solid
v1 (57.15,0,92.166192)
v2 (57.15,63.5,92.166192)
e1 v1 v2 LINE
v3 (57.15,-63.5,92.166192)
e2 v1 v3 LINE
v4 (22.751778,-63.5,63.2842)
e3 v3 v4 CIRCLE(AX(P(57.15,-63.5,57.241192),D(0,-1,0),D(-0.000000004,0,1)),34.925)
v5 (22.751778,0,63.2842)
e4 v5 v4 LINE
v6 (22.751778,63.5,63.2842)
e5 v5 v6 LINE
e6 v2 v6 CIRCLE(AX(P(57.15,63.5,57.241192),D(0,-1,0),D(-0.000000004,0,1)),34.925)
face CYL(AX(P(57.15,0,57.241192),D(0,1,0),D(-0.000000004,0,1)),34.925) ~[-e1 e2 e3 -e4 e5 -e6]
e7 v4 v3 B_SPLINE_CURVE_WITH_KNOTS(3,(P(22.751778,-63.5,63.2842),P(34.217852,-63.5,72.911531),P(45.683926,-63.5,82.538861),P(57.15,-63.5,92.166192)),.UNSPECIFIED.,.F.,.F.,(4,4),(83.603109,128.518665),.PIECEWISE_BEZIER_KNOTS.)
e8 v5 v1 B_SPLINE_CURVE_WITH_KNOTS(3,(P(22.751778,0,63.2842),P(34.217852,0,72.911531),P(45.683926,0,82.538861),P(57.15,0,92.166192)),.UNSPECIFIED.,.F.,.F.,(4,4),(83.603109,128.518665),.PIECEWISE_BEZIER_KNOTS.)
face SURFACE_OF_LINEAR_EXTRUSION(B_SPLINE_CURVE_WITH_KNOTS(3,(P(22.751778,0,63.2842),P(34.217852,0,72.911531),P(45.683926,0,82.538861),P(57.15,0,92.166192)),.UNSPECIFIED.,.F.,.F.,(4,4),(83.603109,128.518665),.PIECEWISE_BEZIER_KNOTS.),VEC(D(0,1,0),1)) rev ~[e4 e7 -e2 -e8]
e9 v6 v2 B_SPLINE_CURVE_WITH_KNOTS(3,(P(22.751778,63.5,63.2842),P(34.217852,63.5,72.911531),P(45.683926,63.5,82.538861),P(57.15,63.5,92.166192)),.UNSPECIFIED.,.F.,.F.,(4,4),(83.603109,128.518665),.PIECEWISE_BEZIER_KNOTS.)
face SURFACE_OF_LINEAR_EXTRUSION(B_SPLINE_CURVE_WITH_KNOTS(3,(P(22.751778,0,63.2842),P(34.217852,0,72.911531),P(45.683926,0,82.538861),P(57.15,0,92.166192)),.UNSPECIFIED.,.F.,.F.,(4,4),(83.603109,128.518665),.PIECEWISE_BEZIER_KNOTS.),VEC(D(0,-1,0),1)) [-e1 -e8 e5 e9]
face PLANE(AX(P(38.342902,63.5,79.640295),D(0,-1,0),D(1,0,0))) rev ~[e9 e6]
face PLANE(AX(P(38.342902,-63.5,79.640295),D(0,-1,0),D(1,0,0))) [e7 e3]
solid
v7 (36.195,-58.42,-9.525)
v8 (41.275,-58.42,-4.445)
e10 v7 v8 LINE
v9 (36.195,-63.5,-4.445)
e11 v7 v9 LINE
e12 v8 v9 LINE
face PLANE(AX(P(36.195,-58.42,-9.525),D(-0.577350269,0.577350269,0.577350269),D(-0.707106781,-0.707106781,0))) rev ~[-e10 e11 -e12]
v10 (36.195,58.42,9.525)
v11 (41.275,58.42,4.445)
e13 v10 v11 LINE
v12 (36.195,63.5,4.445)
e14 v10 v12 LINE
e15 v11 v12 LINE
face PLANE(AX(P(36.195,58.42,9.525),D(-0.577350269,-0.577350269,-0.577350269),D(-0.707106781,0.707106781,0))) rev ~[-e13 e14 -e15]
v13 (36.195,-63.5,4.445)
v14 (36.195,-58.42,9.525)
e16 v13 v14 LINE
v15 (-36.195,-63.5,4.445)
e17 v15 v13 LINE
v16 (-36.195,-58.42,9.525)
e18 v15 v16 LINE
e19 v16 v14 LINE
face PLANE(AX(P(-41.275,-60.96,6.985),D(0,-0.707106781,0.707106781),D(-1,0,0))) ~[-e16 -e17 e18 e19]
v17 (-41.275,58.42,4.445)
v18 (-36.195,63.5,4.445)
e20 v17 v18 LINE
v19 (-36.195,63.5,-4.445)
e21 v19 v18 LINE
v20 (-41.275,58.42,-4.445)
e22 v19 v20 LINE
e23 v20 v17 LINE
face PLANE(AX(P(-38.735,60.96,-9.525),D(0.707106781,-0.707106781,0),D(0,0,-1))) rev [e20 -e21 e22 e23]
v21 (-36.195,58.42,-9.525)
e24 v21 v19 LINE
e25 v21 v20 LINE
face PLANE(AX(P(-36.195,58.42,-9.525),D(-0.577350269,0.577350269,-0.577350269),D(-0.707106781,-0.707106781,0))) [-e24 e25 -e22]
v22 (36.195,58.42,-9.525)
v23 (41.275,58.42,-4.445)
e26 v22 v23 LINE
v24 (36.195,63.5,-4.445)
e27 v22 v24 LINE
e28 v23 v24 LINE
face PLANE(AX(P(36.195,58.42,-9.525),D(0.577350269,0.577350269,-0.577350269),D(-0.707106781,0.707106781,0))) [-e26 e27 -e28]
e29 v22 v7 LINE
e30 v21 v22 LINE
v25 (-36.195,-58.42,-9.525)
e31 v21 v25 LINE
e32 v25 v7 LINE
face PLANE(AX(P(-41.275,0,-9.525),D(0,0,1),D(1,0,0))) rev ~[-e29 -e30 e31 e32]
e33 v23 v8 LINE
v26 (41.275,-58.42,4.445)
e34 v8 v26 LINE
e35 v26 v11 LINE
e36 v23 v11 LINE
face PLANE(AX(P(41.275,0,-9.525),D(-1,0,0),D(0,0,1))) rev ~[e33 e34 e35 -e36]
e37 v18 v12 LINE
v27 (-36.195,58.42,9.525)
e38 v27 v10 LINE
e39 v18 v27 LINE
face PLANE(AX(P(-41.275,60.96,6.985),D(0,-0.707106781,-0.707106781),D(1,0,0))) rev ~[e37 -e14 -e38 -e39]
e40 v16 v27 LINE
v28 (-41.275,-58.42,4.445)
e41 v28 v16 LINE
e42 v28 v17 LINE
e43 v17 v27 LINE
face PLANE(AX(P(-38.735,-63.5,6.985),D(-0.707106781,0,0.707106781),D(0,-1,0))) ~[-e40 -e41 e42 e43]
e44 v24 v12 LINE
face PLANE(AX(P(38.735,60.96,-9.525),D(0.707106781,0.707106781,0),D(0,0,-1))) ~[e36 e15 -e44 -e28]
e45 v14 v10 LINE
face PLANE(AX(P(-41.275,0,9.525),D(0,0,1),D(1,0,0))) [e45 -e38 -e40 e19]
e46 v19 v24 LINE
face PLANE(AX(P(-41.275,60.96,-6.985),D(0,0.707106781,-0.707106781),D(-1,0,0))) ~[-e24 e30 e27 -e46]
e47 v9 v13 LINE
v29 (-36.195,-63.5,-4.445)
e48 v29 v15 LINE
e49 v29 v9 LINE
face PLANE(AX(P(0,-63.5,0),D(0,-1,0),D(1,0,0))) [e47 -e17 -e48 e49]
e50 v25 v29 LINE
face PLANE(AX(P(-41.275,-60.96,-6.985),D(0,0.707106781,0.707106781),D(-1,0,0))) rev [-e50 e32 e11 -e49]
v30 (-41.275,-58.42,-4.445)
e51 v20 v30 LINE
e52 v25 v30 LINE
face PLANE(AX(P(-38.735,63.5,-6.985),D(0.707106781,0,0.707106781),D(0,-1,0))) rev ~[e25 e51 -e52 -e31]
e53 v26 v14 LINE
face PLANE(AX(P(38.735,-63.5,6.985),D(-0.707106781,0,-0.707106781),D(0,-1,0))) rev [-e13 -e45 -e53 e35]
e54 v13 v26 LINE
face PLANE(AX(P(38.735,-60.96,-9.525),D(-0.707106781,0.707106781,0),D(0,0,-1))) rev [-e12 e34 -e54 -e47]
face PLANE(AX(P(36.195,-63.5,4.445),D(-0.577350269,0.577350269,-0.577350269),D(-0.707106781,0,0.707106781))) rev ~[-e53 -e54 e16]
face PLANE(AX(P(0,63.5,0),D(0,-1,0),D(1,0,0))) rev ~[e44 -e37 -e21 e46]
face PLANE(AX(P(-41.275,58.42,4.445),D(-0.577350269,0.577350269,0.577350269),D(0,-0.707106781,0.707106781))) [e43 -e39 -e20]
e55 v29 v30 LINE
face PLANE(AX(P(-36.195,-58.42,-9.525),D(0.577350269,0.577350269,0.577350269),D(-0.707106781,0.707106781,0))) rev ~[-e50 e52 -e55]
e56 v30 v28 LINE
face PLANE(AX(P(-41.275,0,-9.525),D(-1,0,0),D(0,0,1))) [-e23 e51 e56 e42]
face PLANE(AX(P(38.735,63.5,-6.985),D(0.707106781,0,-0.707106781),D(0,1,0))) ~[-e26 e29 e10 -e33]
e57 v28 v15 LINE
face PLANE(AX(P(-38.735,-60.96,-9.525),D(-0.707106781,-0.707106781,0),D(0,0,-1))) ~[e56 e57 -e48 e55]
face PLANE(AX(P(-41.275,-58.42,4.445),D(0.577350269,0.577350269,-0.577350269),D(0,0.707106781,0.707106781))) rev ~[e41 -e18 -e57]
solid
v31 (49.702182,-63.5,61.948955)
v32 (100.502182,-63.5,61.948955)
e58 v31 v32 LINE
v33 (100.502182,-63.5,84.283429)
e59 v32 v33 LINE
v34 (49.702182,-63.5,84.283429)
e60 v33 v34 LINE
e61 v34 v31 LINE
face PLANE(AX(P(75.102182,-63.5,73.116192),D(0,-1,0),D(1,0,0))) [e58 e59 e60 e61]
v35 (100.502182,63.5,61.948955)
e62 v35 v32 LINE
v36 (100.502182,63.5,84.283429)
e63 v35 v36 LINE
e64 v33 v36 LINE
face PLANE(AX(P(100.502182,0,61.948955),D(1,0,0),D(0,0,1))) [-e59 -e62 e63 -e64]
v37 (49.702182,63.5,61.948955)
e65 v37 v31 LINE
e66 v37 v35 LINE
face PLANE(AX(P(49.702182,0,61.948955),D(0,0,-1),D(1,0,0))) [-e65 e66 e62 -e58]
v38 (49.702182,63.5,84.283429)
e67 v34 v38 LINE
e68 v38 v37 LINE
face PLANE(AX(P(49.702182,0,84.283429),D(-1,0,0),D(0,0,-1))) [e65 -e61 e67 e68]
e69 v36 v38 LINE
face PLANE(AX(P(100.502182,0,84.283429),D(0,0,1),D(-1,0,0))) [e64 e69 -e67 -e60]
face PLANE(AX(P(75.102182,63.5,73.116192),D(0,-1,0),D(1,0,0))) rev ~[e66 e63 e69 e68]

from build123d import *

# Parameters (mm, degrees)
F0_W     = 82.55
F0_H     = 19.05
F1_DEPTH = 63.5
F2_SIZE  = 5.08


with BuildPart() as f1:
    # F0 (on Front) → F1 (new body, symmetric)
    with BuildSketch(Plane.XZ):
        Rectangle(F0_W, F0_H)
        with BuildLine():
            ThreePointArc((57.15, 92.166192), (34.692222, 83.988226), (22.751778, 63.2842))
            add(Edge.make_bspline(
                [(22.751778, 63.2842), (34.217852, 72.911531), (45.683926, 82.538861), (57.15, 92.166192)],
                knots=[83.603109, 83.603109, 83.603109, 83.603109, 128.518665, 128.518665, 128.518665, 128.518665], degree=3))
        make_face()
        Polygon((49.702182, 84.283429), (49.702182, 71.260666), (49.702182, 61.948955), (100.502182, 61.948955), (100.502182, 84.283429), align=None)
    extrude(amount=F1_DEPTH, both=True)

    # F2
    f2_edges = [f1.edges().sort_by_distance(p)[0] for p in [
        (41.275, 63.5, 0),
        (41.275, 0, 9.525),
        (41.275, -63.5, 0),
        (41.275, 0, -9.525),
        (0, -63.5, 9.525),
        (-41.275, -63.5, 0),
        (0, -63.5, -9.525),
        (0, 63.5, 9.525),
        (-41.275, 63.5, 0),
        (0, 63.5, -9.525),
        (-41.275, 0, 9.525),
        (-41.275, 0, -9.525),
    ]]
    chamfer(f2_edges, length=F2_SIZE)


solid = f1.part
